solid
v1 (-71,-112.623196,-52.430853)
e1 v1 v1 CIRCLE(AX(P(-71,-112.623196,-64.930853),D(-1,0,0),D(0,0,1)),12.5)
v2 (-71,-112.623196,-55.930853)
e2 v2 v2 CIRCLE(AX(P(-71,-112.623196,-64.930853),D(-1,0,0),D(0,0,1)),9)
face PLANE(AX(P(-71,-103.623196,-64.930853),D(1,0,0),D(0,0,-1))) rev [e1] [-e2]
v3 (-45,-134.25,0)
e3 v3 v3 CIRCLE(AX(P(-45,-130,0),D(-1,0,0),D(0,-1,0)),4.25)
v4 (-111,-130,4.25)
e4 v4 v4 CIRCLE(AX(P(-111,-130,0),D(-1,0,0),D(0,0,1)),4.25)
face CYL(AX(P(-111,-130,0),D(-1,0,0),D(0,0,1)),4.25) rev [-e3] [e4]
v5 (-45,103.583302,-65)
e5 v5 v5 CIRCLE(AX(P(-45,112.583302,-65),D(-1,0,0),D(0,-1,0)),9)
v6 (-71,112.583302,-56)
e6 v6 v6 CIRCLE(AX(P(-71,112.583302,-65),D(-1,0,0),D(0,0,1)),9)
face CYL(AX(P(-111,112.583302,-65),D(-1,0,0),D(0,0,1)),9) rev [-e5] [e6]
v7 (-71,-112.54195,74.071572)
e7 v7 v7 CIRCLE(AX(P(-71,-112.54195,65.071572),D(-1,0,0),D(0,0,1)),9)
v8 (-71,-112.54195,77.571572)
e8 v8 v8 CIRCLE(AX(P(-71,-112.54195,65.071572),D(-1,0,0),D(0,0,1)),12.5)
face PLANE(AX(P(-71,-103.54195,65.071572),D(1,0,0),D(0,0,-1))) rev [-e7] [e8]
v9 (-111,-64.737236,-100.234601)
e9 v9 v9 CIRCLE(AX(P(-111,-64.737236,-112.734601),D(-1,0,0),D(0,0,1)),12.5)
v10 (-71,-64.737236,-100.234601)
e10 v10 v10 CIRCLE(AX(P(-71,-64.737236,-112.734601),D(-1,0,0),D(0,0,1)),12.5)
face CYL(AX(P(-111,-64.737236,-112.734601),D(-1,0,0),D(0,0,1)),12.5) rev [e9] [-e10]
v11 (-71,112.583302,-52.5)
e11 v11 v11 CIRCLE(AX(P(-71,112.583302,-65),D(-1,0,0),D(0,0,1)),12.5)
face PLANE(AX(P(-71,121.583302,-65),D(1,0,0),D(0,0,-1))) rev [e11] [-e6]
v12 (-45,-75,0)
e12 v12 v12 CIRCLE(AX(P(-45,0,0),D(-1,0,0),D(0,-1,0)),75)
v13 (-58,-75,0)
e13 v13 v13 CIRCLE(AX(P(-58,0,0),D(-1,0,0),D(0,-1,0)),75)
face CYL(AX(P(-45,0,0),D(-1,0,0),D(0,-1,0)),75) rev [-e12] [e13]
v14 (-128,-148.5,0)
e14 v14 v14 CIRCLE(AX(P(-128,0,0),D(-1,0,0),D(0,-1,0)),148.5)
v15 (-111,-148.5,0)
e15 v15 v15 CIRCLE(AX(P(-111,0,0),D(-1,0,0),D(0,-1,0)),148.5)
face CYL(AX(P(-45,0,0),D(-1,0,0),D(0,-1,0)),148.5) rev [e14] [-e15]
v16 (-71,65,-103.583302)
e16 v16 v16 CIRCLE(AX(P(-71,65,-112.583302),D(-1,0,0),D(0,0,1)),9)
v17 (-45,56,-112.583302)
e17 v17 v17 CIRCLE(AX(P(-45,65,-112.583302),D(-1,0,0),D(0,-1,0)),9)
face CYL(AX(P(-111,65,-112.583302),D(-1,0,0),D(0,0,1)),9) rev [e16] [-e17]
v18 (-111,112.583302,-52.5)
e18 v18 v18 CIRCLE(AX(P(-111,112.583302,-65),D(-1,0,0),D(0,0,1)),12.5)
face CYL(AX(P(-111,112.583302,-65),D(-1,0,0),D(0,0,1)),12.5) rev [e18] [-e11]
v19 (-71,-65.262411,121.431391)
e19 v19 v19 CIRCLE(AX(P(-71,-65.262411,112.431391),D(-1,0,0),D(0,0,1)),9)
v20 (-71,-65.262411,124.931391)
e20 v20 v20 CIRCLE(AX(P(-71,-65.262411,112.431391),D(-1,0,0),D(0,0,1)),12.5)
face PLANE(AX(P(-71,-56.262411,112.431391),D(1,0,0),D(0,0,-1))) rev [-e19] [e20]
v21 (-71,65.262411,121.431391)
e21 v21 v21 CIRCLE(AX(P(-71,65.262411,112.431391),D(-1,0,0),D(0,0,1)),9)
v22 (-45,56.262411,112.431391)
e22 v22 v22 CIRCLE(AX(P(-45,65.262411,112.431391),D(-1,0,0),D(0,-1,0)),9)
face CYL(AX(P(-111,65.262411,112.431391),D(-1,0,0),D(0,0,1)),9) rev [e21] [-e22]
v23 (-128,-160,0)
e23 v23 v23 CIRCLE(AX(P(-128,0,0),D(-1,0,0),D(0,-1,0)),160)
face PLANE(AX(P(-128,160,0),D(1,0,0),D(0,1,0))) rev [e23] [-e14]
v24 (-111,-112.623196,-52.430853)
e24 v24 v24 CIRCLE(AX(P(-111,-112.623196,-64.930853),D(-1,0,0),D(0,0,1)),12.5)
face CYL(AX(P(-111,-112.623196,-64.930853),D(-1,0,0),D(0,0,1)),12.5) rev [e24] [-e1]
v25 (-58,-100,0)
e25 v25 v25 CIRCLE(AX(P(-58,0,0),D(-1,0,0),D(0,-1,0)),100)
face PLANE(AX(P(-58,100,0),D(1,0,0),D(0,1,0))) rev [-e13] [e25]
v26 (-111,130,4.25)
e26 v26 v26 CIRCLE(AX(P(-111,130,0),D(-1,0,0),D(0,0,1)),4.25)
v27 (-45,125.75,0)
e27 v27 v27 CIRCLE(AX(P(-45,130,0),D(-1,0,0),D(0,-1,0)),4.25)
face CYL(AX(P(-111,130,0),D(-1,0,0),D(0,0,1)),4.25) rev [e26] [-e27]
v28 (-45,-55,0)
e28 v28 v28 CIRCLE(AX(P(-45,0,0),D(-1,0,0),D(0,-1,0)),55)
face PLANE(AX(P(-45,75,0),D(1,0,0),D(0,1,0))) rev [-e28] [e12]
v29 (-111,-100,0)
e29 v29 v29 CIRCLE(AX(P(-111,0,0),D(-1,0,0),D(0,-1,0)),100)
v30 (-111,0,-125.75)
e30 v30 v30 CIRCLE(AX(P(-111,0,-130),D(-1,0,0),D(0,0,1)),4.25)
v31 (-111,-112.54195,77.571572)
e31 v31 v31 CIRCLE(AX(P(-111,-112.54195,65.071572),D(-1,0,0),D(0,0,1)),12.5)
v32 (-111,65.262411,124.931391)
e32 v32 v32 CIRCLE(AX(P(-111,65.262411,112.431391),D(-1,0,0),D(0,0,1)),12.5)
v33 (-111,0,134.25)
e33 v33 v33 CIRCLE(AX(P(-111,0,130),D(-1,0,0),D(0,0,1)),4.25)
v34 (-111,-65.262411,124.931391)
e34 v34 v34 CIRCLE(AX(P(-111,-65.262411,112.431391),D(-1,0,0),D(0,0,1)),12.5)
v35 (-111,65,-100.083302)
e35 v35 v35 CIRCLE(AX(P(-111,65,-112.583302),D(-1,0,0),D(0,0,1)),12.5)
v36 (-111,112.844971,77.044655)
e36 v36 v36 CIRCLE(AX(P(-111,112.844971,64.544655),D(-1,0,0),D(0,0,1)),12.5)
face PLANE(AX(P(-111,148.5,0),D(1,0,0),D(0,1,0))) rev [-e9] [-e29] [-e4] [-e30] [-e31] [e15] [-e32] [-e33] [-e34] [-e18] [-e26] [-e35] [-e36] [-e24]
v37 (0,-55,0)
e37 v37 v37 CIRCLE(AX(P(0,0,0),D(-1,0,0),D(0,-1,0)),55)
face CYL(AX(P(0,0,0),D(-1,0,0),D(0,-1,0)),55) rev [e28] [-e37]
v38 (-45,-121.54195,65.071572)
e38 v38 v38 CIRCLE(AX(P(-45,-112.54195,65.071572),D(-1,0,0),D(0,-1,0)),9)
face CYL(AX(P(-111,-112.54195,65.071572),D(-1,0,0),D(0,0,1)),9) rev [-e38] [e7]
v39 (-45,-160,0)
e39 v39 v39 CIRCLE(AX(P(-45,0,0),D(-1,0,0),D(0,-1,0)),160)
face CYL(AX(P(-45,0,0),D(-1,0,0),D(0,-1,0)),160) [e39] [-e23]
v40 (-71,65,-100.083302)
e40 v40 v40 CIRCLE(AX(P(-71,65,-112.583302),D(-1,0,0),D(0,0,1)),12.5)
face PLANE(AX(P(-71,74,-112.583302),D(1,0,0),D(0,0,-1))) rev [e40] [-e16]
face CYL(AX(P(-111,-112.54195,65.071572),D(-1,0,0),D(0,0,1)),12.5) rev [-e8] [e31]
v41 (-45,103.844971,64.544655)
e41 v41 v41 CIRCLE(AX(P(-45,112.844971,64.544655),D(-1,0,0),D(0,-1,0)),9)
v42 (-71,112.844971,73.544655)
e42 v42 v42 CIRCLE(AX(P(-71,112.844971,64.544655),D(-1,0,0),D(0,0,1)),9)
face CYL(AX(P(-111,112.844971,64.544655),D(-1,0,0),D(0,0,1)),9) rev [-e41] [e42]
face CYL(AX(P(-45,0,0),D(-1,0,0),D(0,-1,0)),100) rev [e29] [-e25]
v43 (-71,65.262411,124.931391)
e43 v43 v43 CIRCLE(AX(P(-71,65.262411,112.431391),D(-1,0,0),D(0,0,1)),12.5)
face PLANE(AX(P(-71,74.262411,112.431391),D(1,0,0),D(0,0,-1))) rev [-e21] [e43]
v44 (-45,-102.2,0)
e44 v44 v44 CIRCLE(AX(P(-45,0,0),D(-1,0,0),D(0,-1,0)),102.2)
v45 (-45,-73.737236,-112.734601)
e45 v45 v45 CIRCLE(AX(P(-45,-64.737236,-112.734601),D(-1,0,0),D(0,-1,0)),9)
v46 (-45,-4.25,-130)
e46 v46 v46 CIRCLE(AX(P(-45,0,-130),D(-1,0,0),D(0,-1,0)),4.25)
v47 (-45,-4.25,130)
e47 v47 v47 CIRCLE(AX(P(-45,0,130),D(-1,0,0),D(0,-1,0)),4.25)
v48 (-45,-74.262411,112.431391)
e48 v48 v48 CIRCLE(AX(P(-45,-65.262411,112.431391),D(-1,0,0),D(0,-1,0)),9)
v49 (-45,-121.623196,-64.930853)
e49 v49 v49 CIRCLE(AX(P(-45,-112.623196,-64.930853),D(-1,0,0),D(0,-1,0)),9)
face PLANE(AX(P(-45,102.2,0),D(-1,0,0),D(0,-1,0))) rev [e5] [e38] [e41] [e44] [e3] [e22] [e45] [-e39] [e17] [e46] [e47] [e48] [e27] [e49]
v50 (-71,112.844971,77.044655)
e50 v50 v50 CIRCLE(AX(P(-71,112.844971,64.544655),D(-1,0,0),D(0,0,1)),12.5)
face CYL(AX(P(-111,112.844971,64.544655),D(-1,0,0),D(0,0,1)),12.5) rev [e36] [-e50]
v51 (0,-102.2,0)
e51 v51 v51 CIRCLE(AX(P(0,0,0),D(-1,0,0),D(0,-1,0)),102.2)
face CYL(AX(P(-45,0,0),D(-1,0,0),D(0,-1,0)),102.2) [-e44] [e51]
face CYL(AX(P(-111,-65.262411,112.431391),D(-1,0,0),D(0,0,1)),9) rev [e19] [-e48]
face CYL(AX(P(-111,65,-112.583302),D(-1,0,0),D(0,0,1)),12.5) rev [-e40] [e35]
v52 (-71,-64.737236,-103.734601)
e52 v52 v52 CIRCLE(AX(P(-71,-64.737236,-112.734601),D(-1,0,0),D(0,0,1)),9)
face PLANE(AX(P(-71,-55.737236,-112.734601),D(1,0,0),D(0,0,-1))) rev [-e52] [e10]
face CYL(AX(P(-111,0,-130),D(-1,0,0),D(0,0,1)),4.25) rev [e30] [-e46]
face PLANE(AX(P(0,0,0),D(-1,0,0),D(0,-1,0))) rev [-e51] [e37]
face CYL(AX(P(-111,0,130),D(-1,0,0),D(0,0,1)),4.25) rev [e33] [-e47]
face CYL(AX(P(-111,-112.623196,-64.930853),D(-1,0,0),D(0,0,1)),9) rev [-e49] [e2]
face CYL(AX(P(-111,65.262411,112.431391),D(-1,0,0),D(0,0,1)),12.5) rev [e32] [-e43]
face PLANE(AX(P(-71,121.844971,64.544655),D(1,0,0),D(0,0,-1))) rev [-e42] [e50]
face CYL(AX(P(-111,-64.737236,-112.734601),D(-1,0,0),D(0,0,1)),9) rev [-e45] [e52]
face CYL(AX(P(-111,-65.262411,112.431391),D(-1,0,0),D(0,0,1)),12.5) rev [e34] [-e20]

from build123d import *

# Parameters (mm, degrees)
ESQUISSE2_R             = 55
ENL_V_MAT_EXTRU_1_DEPTH = 242.016596939
TROU_TARAUD_M1010_D     = 8.5
PER_AGE16_D             = 18
PER_AGE16_DEPTH         = 90
PER_AGE16_CBORE_D       = 25
PER_AGE16_CBORE_DEPTH   = 40
PER_AGE17_D             = 18
PER_AGE17_DEPTH         = 90
PER_AGE17_CBORE_D       = 25
PER_AGE17_CBORE_DEPTH   = 40


with BuildPart() as part:
    # Esquisse1 → Révolution1 (revolve)
    with BuildSketch(Plane.XY, mode=Mode.PRIVATE) as r_volution1_sk:
        Polygon((0, 0), (0, 102.2), (-45, 102.2), (-45, 160), (-128, 160), (-128, 148.5), (-111, 148.5), (-111, 100), (-58, 100), (-58, 75), (-45, 75), (-45, 0), align=None)
    revolve(r_volution1_sk.sketch.rotate(Axis((-45, 0, 0), (1, 0, 0)), 180), axis=Axis((-45, 0, 0), (1, 0, 0)))

    # Esquisse2 → Enlèv. mat.-Extru.1 (cut, through all)
    with BuildSketch(Plane.ZY.offset(45)):
        with Locations(Location((0, 0, 0), (0, 0, 270))):
            Circle(ESQUISSE2_R)
    extrude(amount=-ENL_V_MAT_EXTRU_1_DEPTH, mode=Mode.SUBTRACT)

    # Trou taraudé M1010 (through all)
    with Locations(Plane(origin=(-111, 0, -130), x_dir=(0, -1, 0), z_dir=(-1, 0, 0))):
        with Locations((0, 0), (130, 130), (0, 260), (-130, 130)):
            Hole(TROU_TARAUD_M1010_D / 2)

    # Perçage16
    with Locations(Plane(origin=(-111, 65, -112.583302492), x_dir=(0, -1, 0), z_dir=(-1, 0, 0))):
        with Locations((0, 0), (-47.583302492, 47.583302492)):
            CounterBoreHole(PER_AGE16_D / 2, PER_AGE16_CBORE_D / 2, PER_AGE16_CBORE_DEPTH, depth=PER_AGE16_DEPTH)

    # Perçage17
    with Locations(Plane(origin=(-111, 112.844971207, 64.544654878), x_dir=(0, -1, 0), z_dir=(-1, 0, 0))):
        with Locations((0, 0), (47.582560607, 47.88673648), (178.107381807, 47.88673648), (225.386921388, 0.526916867), (225.468167625, -129.475507548), (177.582207006, -177.279256049)):
            CounterBoreHole(PER_AGE17_D / 2, PER_AGE17_CBORE_D / 2, PER_AGE17_CBORE_DEPTH, depth=PER_AGE17_DEPTH)


solid = part.part
